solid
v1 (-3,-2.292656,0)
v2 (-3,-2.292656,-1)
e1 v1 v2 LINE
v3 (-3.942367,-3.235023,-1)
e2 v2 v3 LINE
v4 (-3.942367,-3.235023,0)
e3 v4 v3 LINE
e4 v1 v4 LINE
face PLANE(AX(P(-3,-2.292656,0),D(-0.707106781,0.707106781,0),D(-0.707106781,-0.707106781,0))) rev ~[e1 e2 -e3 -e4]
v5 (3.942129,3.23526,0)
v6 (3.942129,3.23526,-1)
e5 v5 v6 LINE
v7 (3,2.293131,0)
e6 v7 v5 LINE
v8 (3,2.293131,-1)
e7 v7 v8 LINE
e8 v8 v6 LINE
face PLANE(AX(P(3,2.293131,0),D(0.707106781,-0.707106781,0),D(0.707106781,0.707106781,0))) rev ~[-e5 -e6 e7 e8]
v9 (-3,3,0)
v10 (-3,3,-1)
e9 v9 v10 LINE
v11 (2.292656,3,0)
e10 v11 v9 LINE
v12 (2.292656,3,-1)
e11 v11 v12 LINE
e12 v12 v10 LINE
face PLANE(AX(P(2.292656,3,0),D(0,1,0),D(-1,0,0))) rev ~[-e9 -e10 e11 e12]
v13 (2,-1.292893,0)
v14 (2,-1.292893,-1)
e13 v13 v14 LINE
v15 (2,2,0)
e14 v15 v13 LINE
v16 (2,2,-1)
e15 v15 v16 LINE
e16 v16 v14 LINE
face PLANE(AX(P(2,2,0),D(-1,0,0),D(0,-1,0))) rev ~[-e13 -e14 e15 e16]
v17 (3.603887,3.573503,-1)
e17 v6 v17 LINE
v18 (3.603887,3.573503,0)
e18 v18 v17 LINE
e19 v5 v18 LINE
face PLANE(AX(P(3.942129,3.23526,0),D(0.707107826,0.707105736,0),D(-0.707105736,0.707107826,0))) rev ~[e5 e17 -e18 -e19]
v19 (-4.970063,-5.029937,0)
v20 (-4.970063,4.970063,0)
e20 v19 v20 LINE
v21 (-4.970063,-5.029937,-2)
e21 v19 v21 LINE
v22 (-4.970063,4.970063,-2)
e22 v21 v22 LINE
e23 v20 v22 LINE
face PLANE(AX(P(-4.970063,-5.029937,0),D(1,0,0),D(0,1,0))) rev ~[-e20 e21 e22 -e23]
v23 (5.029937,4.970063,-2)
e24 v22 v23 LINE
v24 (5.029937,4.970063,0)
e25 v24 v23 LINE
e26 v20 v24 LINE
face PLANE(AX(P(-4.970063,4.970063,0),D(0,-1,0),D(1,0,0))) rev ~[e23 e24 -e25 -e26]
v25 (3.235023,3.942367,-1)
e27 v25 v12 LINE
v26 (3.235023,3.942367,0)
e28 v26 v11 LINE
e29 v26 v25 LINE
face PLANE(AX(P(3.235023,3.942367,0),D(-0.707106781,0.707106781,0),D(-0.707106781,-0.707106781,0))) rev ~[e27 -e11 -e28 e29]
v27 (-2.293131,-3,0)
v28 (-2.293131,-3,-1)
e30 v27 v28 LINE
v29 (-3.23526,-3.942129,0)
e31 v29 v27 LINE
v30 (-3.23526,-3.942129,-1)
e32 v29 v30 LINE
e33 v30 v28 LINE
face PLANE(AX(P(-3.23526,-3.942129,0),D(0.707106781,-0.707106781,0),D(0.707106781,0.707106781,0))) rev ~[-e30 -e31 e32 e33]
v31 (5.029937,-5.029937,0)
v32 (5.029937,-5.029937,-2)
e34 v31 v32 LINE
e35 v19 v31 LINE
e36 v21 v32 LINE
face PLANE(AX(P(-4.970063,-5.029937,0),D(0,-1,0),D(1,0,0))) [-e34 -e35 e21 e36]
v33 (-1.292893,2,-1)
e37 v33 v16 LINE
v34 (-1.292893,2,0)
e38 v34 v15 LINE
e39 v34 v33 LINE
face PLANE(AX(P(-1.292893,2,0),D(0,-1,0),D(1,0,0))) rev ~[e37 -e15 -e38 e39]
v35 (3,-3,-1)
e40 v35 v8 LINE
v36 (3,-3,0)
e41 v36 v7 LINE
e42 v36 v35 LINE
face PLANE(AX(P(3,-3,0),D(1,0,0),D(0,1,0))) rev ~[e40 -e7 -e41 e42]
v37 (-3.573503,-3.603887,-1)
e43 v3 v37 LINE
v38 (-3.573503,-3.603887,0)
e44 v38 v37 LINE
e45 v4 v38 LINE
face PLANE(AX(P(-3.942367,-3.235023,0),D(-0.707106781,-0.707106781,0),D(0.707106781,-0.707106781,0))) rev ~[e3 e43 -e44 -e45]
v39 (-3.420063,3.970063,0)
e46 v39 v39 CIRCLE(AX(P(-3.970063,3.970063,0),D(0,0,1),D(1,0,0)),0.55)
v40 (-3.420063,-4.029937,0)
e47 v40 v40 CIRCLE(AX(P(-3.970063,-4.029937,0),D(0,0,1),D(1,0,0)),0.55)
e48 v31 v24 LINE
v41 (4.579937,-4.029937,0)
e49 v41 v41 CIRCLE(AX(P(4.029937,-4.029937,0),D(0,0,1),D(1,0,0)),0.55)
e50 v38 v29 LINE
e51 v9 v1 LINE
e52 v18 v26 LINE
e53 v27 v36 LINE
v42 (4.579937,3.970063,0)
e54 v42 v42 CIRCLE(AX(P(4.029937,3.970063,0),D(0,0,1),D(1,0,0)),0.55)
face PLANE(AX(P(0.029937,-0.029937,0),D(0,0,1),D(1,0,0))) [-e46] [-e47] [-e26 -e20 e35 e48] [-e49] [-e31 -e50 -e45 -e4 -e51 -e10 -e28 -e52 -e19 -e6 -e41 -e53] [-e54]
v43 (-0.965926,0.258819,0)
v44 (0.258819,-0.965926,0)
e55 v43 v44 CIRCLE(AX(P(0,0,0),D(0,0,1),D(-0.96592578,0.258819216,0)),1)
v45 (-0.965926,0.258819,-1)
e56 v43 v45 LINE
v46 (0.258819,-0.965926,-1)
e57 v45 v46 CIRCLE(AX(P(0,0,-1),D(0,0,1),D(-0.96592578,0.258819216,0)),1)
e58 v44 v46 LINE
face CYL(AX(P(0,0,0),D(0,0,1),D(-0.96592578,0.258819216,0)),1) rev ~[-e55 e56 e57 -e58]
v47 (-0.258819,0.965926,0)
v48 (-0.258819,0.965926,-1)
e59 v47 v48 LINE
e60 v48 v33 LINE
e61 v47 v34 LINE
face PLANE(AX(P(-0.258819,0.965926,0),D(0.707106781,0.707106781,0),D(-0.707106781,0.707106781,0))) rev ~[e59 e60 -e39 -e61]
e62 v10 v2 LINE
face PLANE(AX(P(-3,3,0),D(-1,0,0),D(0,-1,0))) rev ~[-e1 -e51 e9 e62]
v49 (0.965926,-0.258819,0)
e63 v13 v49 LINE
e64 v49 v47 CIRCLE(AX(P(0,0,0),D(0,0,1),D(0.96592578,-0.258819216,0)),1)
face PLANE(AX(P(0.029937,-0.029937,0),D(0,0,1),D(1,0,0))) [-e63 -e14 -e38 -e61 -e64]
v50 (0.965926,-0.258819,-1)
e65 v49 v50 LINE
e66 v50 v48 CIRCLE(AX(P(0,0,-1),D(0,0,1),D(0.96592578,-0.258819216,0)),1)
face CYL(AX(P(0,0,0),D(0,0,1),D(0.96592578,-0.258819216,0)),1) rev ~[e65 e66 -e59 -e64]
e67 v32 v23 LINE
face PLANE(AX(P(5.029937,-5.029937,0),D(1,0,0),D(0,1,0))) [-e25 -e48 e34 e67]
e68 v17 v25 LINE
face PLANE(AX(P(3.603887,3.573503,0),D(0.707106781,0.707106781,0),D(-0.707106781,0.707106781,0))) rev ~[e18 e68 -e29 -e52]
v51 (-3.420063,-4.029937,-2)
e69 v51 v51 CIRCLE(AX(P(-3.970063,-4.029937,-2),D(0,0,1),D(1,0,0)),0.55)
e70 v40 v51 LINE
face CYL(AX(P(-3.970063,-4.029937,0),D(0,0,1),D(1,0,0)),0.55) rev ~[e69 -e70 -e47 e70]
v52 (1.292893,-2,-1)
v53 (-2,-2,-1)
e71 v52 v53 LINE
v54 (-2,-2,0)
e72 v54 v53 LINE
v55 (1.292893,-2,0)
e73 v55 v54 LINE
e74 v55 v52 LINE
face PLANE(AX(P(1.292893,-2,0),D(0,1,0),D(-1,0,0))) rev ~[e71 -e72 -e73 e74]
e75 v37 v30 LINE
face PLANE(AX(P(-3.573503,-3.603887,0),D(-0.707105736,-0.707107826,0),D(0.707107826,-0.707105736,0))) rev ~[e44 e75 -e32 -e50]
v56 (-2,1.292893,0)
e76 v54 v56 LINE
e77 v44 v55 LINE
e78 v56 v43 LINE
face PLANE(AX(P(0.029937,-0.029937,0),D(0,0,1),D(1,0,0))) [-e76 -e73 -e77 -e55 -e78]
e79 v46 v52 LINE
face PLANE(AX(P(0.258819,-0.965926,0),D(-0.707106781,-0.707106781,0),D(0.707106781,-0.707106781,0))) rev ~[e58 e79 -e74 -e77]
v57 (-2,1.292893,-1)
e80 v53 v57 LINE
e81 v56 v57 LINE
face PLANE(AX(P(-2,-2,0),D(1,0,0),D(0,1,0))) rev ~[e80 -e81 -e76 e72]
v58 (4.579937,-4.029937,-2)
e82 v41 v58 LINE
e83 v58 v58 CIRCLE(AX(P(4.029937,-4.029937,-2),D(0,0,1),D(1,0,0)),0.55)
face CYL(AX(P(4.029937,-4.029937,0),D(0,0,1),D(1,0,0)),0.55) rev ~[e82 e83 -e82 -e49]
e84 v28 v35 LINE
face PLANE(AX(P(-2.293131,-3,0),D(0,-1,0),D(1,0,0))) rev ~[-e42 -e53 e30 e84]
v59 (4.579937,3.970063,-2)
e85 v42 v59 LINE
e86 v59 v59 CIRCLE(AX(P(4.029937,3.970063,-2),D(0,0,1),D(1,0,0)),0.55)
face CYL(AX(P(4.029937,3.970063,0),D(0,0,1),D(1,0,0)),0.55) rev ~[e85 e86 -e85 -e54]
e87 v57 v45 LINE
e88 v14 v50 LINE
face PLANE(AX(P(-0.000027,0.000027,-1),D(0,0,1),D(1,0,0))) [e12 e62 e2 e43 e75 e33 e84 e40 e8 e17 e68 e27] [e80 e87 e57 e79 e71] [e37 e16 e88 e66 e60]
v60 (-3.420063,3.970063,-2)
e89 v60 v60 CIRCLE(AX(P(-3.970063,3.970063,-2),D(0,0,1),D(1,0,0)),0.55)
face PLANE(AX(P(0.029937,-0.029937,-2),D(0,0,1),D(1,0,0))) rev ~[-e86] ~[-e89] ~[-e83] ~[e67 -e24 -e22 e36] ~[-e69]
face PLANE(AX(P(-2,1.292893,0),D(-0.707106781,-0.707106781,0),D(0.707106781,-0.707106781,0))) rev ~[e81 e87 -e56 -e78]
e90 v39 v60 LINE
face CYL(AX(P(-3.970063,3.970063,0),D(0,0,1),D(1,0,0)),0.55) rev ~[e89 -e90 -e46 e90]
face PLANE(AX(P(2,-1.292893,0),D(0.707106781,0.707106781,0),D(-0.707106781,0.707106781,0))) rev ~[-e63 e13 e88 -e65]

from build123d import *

# Parameters (mm, degrees)
F0_W     = 10
F0_H     = 10
F0_R     = 0.55
F1_DEPTH = 2
F2_DEPTH = 1


with BuildPart() as f1:
    # F0 (on Top) → F1 (new body)
    with BuildSketch(Plane.XY):
        with Locations((0.029937, -0.029937)):
            Rectangle(F0_W, F0_H)
        with Locations((-3.970063, -4.029937)):
            Circle(F0_R, mode=Mode.SUBTRACT)
        with Locations((4.029937, -4.029937)):
            Circle(F0_R, mode=Mode.SUBTRACT)
        Polygon((-3.23526, -3.942129), (-3.573503, -3.603887), (-3.942367, -3.235023), (-3, -2.292656), (-3, 3), (2.292656, 3), (3.235023, 3.942367), (3.603887, 3.573503), (3.942129, 3.23526), (3, 2.293131), (3, -3), (-2.293131, -3), align=None, mode=Mode.SUBTRACT)
        with Locations((-3.970063, 3.970063)):
            Circle(F0_R, mode=Mode.SUBTRACT)
        with Locations((4.029937, 3.970063)):
            Circle(F0_R, mode=Mode.SUBTRACT)
        Polygon((-3.942367, -3.235023), (-3.573503, -3.603887), (-3.23526, -3.942129), (-2.293131, -3), (3, -3), (3, 2.293131), (3.942129, 3.23526), (3.603887, 3.573503), (3.235023, 3.942367), (2.292656, 3), (-3, 3), (-3, -2.292656), align=None)
        with BuildLine():
            Line((0.258819, -0.965926), (1.292893, -2))
            Line((1.292893, -2), (-2, -2))
            Line((-2, -2), (-2, 1.292893))
            Line((-2, 1.292893), (-0.965926, 0.258819))
            ThreePointArc((-0.965926, 0.258819), (-0.707107, -0.707107), (0.258819, -0.965926))
        make_face(mode=Mode.SUBTRACT)
        with BuildLine():
            Line((-1.292893, 2), (2, 2))
            Line((2, 2), (2, -1.292893))
            Line((2, -1.292893), (0.965926, -0.258819))
            ThreePointArc((0.965926, -0.258819), (0.707107, 0.707107), (-0.258819, 0.965926))
            Line((-0.258819, 0.965926), (-1.292893, 2))
        make_face(mode=Mode.SUBTRACT)
        with BuildLine():
            Line((-2, -2), (1.292893, -2))
            Line((1.292893, -2), (0.258819, -0.965926))
            ThreePointArc((0.258819, -0.965926), (-0.707107, -0.707107), (-0.965926, 0.258819))
            Line((-0.965926, 0.258819), (-2, 1.292893))
            Line((-2, 1.292893), (-2, -2))
        make_face()
        with BuildLine():
            Line((2, -1.292893), (2, 2))
            Line((2, 2), (-1.292893, 2))
            Line((-1.292893, 2), (-0.258819, 0.965926))
            ThreePointArc((-0.258819, 0.965926), (0.707107, 0.707107), (0.965926, -0.258819))
            Line((0.965926, -0.258819), (2, -1.292893))
        make_face()
    extrude(amount=-F1_DEPTH)

    # F0 (on Top) → F2 (cut)
    with BuildSketch(Plane.XY):
        Polygon((-3.942367, -3.235023), (-3.573503, -3.603887), (-3.23526, -3.942129), (-2.293131, -3), (3, -3), (3, 2.293131), (3.942129, 3.23526), (3.603887, 3.573503), (3.235023, 3.942367), (2.292656, 3), (-3, 3), (-3, -2.292656), align=None)
        with BuildLine():
            Line((0.258819, -0.965926), (1.292893, -2))
            Line((1.292893, -2), (-2, -2))
            Line((-2, -2), (-2, 1.292893))
            Line((-2, 1.292893), (-0.965926, 0.258819))
            ThreePointArc((-0.965926, 0.258819), (-0.707107, -0.707107), (0.258819, -0.965926))
        make_face(mode=Mode.SUBTRACT)
        with BuildLine():
            Line((-1.292893, 2), (2, 2))
            Line((2, 2), (2, -1.292893))
            Line((2, -1.292893), (0.965926, -0.258819))
            ThreePointArc((0.965926, -0.258819), (0.707107, 0.707107), (-0.258819, 0.965926))
            Line((-0.258819, 0.965926), (-1.292893, 2))
        make_face(mode=Mode.SUBTRACT)
    extrude(amount=-F2_DEPTH, mode=Mode.SUBTRACT)


solid = f1.part
